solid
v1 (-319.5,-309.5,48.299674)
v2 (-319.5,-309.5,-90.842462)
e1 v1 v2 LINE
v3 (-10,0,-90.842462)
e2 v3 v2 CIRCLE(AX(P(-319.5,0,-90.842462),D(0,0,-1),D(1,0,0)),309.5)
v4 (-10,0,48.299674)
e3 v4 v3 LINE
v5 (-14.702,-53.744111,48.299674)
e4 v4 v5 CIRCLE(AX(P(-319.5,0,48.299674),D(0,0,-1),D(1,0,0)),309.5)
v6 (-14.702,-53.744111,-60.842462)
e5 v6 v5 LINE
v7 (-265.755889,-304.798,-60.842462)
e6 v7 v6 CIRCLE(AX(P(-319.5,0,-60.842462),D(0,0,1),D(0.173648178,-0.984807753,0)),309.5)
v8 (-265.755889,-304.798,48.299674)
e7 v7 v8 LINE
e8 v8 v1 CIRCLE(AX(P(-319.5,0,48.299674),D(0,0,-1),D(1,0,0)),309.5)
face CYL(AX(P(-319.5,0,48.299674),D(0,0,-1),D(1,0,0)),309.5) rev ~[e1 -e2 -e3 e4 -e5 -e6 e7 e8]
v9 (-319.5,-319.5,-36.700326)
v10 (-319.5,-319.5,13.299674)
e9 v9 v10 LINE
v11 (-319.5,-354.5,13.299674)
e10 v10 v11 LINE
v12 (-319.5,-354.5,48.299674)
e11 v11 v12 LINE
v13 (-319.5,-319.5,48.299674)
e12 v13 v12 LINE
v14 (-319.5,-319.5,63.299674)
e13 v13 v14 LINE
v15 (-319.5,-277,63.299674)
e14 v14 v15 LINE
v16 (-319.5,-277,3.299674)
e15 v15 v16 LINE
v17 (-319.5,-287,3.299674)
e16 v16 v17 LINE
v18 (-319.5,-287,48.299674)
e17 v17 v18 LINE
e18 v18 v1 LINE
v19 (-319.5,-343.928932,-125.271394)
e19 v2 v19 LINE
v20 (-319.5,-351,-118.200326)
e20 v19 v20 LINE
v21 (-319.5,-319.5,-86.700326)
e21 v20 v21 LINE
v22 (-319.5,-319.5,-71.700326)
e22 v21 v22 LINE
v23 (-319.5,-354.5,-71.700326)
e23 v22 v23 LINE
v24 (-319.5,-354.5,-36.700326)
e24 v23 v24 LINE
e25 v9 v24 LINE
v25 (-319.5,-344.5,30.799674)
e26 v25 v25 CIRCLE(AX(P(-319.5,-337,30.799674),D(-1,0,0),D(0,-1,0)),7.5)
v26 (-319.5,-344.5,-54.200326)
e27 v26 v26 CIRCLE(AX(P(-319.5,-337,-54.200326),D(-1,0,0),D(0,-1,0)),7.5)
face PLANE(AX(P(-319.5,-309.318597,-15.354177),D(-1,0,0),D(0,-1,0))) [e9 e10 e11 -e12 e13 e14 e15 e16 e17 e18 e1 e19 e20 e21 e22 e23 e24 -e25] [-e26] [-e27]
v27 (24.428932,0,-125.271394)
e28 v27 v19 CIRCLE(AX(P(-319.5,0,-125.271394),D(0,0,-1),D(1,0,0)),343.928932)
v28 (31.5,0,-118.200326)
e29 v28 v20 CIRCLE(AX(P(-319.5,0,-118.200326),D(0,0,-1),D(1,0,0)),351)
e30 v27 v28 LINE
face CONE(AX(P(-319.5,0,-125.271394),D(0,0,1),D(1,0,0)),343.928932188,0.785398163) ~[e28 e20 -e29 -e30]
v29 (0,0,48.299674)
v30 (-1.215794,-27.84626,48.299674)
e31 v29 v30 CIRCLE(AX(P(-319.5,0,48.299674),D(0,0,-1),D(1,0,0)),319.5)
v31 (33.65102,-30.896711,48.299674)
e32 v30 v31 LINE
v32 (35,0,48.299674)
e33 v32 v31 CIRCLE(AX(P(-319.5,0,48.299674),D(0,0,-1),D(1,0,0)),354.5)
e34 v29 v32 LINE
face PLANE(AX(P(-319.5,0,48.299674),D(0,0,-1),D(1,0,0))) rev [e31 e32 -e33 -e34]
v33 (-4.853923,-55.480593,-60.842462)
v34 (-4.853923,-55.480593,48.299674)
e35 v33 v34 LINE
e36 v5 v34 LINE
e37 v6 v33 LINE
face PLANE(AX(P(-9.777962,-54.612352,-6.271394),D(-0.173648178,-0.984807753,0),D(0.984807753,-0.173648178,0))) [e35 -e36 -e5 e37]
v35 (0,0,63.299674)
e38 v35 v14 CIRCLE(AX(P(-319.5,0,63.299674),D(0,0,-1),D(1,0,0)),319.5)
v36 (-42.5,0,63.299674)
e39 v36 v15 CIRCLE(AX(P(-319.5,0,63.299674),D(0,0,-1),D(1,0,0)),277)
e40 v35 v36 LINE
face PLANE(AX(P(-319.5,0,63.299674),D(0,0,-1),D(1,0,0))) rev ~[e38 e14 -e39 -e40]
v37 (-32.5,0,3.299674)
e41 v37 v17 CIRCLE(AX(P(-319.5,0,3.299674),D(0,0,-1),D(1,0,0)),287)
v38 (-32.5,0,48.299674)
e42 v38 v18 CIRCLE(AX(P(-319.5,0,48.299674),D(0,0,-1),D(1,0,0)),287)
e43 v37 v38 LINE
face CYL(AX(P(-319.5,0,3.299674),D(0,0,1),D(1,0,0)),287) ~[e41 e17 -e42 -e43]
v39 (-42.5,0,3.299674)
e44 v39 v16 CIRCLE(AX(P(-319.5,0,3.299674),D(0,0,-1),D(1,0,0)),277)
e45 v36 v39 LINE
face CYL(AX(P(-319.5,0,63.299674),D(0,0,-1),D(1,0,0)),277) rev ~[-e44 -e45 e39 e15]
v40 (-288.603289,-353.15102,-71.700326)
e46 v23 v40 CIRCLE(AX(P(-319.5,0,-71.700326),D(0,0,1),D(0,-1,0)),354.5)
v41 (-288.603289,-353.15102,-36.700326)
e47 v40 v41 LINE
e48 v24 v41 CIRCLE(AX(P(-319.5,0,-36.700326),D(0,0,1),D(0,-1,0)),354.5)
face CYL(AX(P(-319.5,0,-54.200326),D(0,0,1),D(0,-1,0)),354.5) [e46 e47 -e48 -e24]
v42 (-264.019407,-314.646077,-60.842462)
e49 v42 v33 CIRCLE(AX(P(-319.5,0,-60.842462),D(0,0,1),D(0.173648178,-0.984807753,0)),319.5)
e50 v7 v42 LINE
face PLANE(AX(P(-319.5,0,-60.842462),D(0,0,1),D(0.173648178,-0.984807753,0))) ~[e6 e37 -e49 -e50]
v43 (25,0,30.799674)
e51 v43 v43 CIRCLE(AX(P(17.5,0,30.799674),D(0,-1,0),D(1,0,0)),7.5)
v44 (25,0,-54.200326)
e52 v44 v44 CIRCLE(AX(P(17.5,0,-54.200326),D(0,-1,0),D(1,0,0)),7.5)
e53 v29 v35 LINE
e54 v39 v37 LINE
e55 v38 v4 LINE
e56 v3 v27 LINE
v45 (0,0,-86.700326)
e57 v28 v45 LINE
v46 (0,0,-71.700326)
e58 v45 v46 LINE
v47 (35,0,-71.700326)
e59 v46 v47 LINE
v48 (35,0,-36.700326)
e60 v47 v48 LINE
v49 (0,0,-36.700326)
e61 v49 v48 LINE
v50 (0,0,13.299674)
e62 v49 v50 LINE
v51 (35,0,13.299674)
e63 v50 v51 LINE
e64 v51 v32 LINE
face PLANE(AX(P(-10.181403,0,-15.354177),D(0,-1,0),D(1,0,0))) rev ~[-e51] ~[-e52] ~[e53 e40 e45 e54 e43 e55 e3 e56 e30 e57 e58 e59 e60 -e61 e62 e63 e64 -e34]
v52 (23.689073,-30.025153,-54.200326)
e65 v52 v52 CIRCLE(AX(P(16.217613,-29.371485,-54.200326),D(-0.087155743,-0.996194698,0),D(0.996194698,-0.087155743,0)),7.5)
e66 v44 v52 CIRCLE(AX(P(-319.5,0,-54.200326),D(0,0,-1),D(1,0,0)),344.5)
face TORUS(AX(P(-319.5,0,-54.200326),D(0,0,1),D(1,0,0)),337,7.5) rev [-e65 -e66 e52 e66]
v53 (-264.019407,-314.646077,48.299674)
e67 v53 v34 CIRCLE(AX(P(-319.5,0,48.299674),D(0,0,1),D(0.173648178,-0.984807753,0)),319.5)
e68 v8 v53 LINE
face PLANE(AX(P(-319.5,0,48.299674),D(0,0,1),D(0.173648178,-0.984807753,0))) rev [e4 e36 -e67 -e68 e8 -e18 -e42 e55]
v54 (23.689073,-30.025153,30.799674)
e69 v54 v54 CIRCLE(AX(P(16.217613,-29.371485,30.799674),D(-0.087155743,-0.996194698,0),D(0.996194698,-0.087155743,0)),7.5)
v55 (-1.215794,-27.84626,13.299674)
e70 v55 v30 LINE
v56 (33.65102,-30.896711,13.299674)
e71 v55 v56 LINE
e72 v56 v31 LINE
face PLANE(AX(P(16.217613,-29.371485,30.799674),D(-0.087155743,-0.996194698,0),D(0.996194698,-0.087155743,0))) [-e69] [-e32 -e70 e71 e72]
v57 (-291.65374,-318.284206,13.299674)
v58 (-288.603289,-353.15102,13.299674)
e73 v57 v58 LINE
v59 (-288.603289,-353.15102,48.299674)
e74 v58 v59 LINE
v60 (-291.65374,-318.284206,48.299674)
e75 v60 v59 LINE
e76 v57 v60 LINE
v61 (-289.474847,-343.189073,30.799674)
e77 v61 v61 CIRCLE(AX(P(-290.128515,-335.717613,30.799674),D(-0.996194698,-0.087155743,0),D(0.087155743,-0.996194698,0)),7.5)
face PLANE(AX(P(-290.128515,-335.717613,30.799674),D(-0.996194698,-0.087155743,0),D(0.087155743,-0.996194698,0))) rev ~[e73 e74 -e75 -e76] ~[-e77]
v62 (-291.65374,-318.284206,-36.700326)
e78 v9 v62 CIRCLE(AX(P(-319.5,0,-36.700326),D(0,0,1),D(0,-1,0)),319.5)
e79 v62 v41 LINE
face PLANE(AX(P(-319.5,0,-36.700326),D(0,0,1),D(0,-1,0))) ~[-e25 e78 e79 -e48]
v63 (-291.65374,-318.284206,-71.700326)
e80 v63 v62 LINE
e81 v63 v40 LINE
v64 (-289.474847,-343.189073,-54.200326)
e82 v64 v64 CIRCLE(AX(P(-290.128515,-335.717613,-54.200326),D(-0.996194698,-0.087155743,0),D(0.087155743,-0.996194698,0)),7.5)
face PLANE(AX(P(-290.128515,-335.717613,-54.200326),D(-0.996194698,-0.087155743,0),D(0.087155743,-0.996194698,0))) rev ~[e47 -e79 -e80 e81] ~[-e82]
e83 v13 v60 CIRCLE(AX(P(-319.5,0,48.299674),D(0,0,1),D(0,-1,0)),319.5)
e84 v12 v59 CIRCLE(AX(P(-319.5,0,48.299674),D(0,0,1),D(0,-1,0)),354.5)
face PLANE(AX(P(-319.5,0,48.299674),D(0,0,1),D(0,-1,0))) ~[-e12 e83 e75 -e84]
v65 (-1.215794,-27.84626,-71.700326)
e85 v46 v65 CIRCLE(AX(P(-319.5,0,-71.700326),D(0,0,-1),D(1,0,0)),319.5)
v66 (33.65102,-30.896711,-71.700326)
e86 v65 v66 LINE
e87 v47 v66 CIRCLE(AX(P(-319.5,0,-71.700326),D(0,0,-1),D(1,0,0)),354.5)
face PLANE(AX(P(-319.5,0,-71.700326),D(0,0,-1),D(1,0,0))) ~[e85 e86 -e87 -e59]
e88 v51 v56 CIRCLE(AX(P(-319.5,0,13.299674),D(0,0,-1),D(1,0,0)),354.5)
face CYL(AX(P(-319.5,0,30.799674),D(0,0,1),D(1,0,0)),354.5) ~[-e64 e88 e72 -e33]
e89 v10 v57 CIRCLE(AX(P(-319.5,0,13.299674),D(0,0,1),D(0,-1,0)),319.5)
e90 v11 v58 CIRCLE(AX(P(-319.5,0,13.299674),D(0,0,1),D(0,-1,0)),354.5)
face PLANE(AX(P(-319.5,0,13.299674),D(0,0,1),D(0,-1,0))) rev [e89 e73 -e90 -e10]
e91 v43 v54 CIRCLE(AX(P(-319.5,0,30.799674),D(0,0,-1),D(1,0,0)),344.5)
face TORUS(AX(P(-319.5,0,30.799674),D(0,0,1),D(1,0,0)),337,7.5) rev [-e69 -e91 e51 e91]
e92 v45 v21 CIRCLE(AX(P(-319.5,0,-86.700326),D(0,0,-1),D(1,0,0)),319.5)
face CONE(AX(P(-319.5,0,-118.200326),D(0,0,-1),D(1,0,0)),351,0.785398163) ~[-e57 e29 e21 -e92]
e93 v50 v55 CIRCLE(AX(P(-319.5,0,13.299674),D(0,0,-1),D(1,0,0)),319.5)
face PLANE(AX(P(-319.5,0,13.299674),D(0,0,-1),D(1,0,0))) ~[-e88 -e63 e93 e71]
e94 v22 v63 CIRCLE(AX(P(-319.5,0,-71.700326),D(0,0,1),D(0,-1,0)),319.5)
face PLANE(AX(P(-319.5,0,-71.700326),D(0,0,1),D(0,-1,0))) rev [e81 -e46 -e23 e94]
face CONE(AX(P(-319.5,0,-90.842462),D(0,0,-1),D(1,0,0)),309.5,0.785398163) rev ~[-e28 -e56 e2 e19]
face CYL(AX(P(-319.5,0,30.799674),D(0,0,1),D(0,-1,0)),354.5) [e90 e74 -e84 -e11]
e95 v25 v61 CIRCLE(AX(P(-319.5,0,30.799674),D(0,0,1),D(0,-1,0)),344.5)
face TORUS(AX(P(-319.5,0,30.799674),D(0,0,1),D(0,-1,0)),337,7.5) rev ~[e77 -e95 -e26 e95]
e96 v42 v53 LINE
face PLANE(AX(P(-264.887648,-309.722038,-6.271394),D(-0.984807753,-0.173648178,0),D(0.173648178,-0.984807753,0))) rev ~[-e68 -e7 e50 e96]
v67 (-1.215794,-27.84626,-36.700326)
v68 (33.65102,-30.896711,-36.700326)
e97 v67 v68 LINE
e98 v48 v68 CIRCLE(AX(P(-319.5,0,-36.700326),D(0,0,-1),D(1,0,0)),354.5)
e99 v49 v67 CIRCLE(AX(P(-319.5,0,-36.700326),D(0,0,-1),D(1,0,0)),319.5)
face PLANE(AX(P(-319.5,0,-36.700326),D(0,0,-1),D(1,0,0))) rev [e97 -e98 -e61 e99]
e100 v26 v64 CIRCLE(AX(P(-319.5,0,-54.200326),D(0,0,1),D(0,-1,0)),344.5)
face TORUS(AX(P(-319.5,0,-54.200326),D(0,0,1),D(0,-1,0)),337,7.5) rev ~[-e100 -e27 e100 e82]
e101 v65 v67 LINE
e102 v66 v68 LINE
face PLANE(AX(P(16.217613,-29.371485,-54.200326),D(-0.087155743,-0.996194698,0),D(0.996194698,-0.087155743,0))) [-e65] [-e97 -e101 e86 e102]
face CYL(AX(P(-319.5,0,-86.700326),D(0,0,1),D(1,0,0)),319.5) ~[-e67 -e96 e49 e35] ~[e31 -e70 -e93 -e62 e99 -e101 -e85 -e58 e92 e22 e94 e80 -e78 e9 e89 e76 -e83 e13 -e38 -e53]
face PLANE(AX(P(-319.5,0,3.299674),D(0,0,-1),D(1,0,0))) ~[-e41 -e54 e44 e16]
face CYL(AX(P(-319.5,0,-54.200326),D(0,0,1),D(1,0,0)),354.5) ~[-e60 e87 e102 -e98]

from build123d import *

# Parameters (mm, degrees)
F1_ANGLE       = 90
F2_W           = 35
F2_H           = 35
F2_R           = 7.5
F3_ANGLE       = 5
F4_ANGLE_START = 270
F4_ANGLE       = 5
F5_W           = 10
F5_H           = 109.1421356237
F6_ANGLE_START = 280
F6_ANGLE       = 70


with BuildPart() as f1:
    # F0 (on Front) → F1 (revolve)
    with BuildSketch(Plane.XZ):
        Polygon((0, -86.7003262881), (0, 63.2996737119), (-42.5, 63.2996737119), (-42.5, 3.2996737119), (-32.5, 3.2996737119), (-32.5, 48.2996737119), (-10, 48.2996737119), (-10, -90.8424619118), (24.4289321881, -125.2713940999), (31.5, -118.2003262881), align=None)
    revolve(axis=Axis((-319.5, 0, -5.3764432669), (0, 0, -1)), revolution_arc=F1_ANGLE)

    # F2 (on face) → F3 (revolve)
    with BuildSketch(Plane(origin=(-319.5, 0, 0), x_dir=(0, -1, 0), z_dir=(-1, 0, 0))):
        with Locations((337, 30.7996737119)):
            Rectangle(F2_W, F2_H)
        with Locations((337, 30.7996737119)):
            Circle(F2_R, mode=Mode.SUBTRACT)
        with Locations((337, -54.2003262881)):
            Rectangle(F2_W, F2_H)
        with Locations((337, -54.2003262881)):
            Circle(F2_R, mode=Mode.SUBTRACT)
    revolve(axis=Axis((-319.5, 0, 7.2890669107), (0, 0, 1)), revolution_arc=F3_ANGLE)

    # F2 (on face) → F4 (revolve)
    with BuildSketch(Plane(origin=(-319.5, 0, 0), x_dir=(0, -1, 0), z_dir=(-1, 0, 0)), mode=Mode.PRIVATE) as f4_sk:
        with Locations((337, 30.7996737119)):
            Rectangle(F2_W, F2_H)
        with Locations((337, 30.7996737119)):
            Circle(F2_R, mode=Mode.SUBTRACT)
        with Locations((337, -54.2003262881)):
            Rectangle(F2_W, F2_H)
        with Locations((337, -54.2003262881)):
            Circle(F2_R, mode=Mode.SUBTRACT)
    revolve(f4_sk.sketch.rotate(Axis((-319.5, 0, 63.2996737119), (0, 0, -1)), F4_ANGLE_START), axis=Axis((-319.5, 0, 63.2996737119), (0, 0, -1)), revolution_arc=F4_ANGLE)

    # F5 (on Front) → F6 (revolve, cut)
    with BuildSketch(Plane.XZ, mode=Mode.PRIVATE) as f6_sk:
        with Locations((-5, -6.2713940999)):
            Rectangle(F5_W, F5_H)
    revolve(f6_sk.sketch.rotate(Axis((-319.5, 0, -29.9057289958), (0, 0, 1)), F6_ANGLE_START), axis=Axis((-319.5, 0, -29.9057289958), (0, 0, 1)), revolution_arc=F6_ANGLE, mode=Mode.SUBTRACT)


solid = f1.part
